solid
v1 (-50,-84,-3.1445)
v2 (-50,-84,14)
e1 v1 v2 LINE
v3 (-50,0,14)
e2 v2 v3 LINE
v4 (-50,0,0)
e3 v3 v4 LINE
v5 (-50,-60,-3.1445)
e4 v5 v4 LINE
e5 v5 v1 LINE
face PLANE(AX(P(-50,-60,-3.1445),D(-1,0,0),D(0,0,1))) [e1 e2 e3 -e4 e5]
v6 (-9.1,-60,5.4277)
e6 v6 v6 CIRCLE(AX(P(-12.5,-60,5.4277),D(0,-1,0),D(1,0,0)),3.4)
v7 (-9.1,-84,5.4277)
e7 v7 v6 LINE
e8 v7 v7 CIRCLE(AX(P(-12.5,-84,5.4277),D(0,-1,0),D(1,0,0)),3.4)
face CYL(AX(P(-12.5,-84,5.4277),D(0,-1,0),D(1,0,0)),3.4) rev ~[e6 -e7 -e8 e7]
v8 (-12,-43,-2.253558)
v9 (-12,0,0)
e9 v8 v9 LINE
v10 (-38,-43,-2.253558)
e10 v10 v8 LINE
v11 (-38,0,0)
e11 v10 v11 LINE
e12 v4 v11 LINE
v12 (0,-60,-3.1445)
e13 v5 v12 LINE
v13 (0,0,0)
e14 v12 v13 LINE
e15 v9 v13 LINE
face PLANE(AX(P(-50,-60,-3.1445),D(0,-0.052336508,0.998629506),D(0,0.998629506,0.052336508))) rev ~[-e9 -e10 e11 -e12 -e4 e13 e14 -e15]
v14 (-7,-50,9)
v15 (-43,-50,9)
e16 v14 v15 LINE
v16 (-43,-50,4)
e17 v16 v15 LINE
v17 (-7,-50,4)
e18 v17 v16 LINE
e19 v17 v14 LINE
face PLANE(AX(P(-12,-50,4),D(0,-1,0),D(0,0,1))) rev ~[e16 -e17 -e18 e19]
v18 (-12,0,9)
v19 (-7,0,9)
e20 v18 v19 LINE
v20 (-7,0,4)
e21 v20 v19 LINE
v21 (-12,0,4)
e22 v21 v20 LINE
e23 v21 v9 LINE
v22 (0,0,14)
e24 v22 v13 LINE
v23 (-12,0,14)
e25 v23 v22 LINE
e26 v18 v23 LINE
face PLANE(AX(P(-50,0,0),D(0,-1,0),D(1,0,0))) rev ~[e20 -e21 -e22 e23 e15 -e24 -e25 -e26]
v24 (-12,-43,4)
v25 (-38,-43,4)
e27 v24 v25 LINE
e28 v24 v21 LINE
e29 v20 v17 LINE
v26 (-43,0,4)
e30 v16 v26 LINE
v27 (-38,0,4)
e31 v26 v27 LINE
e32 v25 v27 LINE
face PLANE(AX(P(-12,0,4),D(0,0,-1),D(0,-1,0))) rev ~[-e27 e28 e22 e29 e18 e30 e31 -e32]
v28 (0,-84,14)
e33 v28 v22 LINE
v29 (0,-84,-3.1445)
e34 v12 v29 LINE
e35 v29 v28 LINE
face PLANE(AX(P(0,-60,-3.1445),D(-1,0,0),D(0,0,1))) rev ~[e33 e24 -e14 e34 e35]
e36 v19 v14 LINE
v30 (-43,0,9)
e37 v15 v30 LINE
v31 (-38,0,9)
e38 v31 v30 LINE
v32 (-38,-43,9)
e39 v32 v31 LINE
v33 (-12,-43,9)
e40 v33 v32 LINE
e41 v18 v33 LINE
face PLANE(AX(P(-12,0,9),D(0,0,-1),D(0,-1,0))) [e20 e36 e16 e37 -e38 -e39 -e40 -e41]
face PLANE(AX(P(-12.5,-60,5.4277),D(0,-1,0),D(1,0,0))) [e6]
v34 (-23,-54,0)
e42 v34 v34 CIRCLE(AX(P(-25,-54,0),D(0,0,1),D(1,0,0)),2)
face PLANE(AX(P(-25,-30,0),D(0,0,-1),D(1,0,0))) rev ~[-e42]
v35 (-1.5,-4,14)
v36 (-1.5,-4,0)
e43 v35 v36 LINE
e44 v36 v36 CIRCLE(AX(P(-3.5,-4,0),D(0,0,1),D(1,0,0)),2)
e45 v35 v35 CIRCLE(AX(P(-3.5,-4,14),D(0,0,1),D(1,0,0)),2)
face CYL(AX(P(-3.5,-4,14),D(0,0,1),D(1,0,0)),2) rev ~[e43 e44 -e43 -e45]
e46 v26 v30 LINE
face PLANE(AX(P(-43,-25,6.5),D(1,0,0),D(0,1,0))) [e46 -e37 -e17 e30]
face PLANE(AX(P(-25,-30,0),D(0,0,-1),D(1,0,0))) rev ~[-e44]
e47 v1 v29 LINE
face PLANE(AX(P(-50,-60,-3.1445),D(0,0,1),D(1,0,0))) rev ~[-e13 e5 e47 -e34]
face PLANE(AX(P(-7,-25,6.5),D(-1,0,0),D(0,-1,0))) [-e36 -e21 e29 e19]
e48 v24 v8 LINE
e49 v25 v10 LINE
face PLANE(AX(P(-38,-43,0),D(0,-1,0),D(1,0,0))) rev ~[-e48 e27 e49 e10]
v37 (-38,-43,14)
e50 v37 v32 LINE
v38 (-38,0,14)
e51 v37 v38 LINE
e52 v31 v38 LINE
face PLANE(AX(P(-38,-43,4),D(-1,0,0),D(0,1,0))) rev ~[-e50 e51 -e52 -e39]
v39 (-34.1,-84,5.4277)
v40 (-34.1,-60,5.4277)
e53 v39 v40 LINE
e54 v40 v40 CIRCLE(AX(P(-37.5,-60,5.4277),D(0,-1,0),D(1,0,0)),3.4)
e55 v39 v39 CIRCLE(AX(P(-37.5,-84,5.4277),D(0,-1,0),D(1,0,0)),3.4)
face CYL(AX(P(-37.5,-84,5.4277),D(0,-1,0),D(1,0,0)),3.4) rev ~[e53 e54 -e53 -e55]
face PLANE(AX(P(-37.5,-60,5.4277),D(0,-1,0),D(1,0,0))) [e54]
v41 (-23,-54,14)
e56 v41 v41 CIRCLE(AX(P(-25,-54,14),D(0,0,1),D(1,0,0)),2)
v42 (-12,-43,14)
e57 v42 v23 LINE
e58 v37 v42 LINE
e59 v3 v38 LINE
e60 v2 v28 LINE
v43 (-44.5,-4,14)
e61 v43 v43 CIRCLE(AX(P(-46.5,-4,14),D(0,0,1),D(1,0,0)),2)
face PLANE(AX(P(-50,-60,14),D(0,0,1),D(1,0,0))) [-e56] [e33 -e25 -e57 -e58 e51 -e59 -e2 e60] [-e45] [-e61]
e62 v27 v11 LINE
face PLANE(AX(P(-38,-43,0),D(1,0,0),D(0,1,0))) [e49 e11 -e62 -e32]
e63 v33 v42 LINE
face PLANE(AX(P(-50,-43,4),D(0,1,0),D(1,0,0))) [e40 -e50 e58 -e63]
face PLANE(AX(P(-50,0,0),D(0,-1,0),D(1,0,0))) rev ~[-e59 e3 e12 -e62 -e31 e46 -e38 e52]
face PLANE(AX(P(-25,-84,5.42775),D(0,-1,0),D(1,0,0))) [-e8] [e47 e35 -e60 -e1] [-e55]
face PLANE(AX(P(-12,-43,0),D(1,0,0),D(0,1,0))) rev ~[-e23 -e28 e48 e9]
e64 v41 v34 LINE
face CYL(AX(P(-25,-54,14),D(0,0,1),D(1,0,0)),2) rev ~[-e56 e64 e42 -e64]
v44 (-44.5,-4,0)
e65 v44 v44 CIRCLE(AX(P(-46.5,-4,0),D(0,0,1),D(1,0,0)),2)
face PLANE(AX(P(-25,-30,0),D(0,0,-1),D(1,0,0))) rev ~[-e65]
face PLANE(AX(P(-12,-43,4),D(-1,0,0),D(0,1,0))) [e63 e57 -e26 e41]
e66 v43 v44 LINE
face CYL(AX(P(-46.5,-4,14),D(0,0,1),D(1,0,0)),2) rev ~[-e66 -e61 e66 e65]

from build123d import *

# Parameters (mm, degrees)
SKETCH_W        = 50
SKETCH_H        = 60
PAD_DEPTH       = 4
SKETCH001_W     = 26
SKETCH001_H     = 26
POCKET_DEPTH    = 5
SKETCH003_W     = 50
SKETCH003_H     = 17
PAD001_DEPTH    = 10
SKETCH004_W     = 12
SKETCH004_H     = 43
PAD002_DEPTH    = 10
SKETCH005_W     = 12
SKETCH005_H     = 43
PAD003_DEPTH    = 10
SKETCH006_W     = 50
SKETCH006_H     = 5
POCKET001_DEPTH = 5
SKETCH007_W     = 50
SKETCH007_H     = 5
POCKET002_DEPTH = 5
SKETCH008_W     = 26
SKETCH008_H     = 5
POCKET003_DEPTH = 7
SKETCH009_R     = 2
POCKET004_DEPTH = 15
SKETCH010_R     = 2
POCKET005_DEPTH = 15
SKETCH011_R     = 2
POCKET006_DEPTH = 15
SKETCH014_W     = 26
SKETCH014_H     = 17
POCKET008_DEPTH = 5
SKETCH015_W     = 50
SKETCH015_H     = 60
PAD005_DEPTH    = 3.1445
POCKET009_DEPTH = 50
SKETCH018_W     = 26
SKETCH018_H     = 43
POCKET010_DEPTH = 5
SKETCH019_W     = 50
SKETCH019_H     = 17.1445
PAD006_DEPTH    = 24
SKETCH020_R     = 3.4
POCKET011_DEPTH = 24
SKETCH021_R     = 3.4
POCKET012_DEPTH = 24


with BuildPart() as part:
    # Sketch → Pad (new body)
    with BuildSketch(Plane.XY):
        with Locations((-25, -30)):
            Rectangle(SKETCH_W, SKETCH_H)
    extrude(amount=PAD_DEPTH)

    # Sketch001 → Pocket (cut)
    with BuildSketch(Plane.XY.offset(4)):
        with Locations((-25, -30)):
            Rectangle(SKETCH001_W, SKETCH001_H)
    extrude(amount=-POCKET_DEPTH, mode=Mode.SUBTRACT)

    # Sketch003 → Pad001 (new body)
    with BuildSketch(Plane.XY.offset(4)):
        with Locations((-25, -51.5)):
            Rectangle(SKETCH003_W, SKETCH003_H)
    extrude(amount=PAD001_DEPTH)

    # Sketch004 → Pad002 (new body)
    with BuildSketch(Plane.XY.offset(4)):
        with Locations((-44, -21.5)):
            Rectangle(SKETCH004_W, SKETCH004_H)
    extrude(amount=PAD002_DEPTH)

    # Sketch005 → Pad003 (new body)
    with BuildSketch(Plane.XY.offset(4)):
        with Locations((-6, -21.5)):
            Rectangle(SKETCH005_W, SKETCH005_H)
    extrude(amount=PAD003_DEPTH)

    # Sketch006 → Pocket001 (cut)
    with BuildSketch(Plane.YZ.offset(-38)):
        with Locations((-25, 6.5)):
            Rectangle(SKETCH006_W, SKETCH006_H)
    extrude(amount=-POCKET001_DEPTH, mode=Mode.SUBTRACT)

    # Sketch007 → Pocket002 (cut)
    with BuildSketch(Plane(origin=(-12, 0, 0), x_dir=(0, -1, 0), z_dir=(-1, 0, 0))):
        with Locations((25, 6.5)):
            Rectangle(SKETCH007_W, SKETCH007_H)
    extrude(amount=-POCKET002_DEPTH, mode=Mode.SUBTRACT)

    # Sketch008 → Pocket003 (cut)
    with BuildSketch(Plane(origin=(0, -43, 0), x_dir=(-1, 0, 0), z_dir=(0, 1, 0))):
        with Locations((25, 6.5)):
            Rectangle(SKETCH008_W, SKETCH008_H)
    extrude(amount=-POCKET003_DEPTH, mode=Mode.SUBTRACT)

    # Sketch009 → Pocket004 (cut)
    with BuildSketch(Plane.XY.offset(14)):
        with Locations((-25, -54)):
            Circle(SKETCH009_R)
    extrude(amount=-POCKET004_DEPTH, mode=Mode.SUBTRACT)

    # Sketch010 → Pocket005 (cut)
    with BuildSketch(Plane.XY.offset(14)):
        with Locations((-46.5, -4)):
            Circle(SKETCH010_R)
    extrude(amount=-POCKET005_DEPTH, mode=Mode.SUBTRACT)

    # Sketch011 → Pocket006 (cut)
    with BuildSketch(Plane.XY.offset(14)):
        with Locations((-3.5, -4)):
            Circle(SKETCH011_R)
    extrude(amount=-POCKET006_DEPTH, mode=Mode.SUBTRACT)

    # Sketch014 → Pocket008 (cut)
    with BuildSketch(Plane.XY.offset(4)):
        with Locations((-25, -8.5)):
            Rectangle(SKETCH014_W, SKETCH014_H)
    extrude(amount=-POCKET008_DEPTH, mode=Mode.SUBTRACT)

    # Sketch015 → Pad005 (new body)
    with BuildSketch(Plane(origin=(0, 0, 0), x_dir=(1, 0, 0), z_dir=(0, 0, -1))):
        with Locations((-25, 30)):
            Rectangle(SKETCH015_W, SKETCH015_H)
    extrude(amount=PAD005_DEPTH)

    # Sketch017 → Pocket009 (cut)
    with BuildSketch(Plane(origin=(-50, 0, 0), x_dir=(0, -1, 0), z_dir=(-1, 0, 0))):
        Polygon((0, 0), (0, -3.1445), (60, -3.1445), align=None)
    extrude(amount=-POCKET009_DEPTH, mode=Mode.SUBTRACT)

    # Sketch018 → Pocket010 (cut)
    with BuildSketch(Plane.XY):
        with Locations((-25, -21.5)):
            Rectangle(SKETCH018_W, SKETCH018_H)
    extrude(amount=-POCKET010_DEPTH, mode=Mode.SUBTRACT)

    # Sketch019 → Pad006 (new body)
    with BuildSketch(Plane.XZ.offset(60)):
        with Locations((-25, 5.42775)):
            Rectangle(SKETCH019_W, SKETCH019_H)
    extrude(amount=PAD006_DEPTH)

    # Sketch020 → Pocket011 (cut)
    with BuildSketch(Plane.XZ.offset(84)):
        with Locations((-37.5, 5.4277)):
            Circle(SKETCH020_R)
    extrude(amount=-POCKET011_DEPTH, mode=Mode.SUBTRACT)

    # Sketch021 → Pocket012 (cut)
    with BuildSketch(Plane.XZ.offset(84)):
        with Locations((-12.5, 5.4277)):
            Circle(SKETCH021_R)
    extrude(amount=-POCKET012_DEPTH, mode=Mode.SUBTRACT)


solid = part.part
